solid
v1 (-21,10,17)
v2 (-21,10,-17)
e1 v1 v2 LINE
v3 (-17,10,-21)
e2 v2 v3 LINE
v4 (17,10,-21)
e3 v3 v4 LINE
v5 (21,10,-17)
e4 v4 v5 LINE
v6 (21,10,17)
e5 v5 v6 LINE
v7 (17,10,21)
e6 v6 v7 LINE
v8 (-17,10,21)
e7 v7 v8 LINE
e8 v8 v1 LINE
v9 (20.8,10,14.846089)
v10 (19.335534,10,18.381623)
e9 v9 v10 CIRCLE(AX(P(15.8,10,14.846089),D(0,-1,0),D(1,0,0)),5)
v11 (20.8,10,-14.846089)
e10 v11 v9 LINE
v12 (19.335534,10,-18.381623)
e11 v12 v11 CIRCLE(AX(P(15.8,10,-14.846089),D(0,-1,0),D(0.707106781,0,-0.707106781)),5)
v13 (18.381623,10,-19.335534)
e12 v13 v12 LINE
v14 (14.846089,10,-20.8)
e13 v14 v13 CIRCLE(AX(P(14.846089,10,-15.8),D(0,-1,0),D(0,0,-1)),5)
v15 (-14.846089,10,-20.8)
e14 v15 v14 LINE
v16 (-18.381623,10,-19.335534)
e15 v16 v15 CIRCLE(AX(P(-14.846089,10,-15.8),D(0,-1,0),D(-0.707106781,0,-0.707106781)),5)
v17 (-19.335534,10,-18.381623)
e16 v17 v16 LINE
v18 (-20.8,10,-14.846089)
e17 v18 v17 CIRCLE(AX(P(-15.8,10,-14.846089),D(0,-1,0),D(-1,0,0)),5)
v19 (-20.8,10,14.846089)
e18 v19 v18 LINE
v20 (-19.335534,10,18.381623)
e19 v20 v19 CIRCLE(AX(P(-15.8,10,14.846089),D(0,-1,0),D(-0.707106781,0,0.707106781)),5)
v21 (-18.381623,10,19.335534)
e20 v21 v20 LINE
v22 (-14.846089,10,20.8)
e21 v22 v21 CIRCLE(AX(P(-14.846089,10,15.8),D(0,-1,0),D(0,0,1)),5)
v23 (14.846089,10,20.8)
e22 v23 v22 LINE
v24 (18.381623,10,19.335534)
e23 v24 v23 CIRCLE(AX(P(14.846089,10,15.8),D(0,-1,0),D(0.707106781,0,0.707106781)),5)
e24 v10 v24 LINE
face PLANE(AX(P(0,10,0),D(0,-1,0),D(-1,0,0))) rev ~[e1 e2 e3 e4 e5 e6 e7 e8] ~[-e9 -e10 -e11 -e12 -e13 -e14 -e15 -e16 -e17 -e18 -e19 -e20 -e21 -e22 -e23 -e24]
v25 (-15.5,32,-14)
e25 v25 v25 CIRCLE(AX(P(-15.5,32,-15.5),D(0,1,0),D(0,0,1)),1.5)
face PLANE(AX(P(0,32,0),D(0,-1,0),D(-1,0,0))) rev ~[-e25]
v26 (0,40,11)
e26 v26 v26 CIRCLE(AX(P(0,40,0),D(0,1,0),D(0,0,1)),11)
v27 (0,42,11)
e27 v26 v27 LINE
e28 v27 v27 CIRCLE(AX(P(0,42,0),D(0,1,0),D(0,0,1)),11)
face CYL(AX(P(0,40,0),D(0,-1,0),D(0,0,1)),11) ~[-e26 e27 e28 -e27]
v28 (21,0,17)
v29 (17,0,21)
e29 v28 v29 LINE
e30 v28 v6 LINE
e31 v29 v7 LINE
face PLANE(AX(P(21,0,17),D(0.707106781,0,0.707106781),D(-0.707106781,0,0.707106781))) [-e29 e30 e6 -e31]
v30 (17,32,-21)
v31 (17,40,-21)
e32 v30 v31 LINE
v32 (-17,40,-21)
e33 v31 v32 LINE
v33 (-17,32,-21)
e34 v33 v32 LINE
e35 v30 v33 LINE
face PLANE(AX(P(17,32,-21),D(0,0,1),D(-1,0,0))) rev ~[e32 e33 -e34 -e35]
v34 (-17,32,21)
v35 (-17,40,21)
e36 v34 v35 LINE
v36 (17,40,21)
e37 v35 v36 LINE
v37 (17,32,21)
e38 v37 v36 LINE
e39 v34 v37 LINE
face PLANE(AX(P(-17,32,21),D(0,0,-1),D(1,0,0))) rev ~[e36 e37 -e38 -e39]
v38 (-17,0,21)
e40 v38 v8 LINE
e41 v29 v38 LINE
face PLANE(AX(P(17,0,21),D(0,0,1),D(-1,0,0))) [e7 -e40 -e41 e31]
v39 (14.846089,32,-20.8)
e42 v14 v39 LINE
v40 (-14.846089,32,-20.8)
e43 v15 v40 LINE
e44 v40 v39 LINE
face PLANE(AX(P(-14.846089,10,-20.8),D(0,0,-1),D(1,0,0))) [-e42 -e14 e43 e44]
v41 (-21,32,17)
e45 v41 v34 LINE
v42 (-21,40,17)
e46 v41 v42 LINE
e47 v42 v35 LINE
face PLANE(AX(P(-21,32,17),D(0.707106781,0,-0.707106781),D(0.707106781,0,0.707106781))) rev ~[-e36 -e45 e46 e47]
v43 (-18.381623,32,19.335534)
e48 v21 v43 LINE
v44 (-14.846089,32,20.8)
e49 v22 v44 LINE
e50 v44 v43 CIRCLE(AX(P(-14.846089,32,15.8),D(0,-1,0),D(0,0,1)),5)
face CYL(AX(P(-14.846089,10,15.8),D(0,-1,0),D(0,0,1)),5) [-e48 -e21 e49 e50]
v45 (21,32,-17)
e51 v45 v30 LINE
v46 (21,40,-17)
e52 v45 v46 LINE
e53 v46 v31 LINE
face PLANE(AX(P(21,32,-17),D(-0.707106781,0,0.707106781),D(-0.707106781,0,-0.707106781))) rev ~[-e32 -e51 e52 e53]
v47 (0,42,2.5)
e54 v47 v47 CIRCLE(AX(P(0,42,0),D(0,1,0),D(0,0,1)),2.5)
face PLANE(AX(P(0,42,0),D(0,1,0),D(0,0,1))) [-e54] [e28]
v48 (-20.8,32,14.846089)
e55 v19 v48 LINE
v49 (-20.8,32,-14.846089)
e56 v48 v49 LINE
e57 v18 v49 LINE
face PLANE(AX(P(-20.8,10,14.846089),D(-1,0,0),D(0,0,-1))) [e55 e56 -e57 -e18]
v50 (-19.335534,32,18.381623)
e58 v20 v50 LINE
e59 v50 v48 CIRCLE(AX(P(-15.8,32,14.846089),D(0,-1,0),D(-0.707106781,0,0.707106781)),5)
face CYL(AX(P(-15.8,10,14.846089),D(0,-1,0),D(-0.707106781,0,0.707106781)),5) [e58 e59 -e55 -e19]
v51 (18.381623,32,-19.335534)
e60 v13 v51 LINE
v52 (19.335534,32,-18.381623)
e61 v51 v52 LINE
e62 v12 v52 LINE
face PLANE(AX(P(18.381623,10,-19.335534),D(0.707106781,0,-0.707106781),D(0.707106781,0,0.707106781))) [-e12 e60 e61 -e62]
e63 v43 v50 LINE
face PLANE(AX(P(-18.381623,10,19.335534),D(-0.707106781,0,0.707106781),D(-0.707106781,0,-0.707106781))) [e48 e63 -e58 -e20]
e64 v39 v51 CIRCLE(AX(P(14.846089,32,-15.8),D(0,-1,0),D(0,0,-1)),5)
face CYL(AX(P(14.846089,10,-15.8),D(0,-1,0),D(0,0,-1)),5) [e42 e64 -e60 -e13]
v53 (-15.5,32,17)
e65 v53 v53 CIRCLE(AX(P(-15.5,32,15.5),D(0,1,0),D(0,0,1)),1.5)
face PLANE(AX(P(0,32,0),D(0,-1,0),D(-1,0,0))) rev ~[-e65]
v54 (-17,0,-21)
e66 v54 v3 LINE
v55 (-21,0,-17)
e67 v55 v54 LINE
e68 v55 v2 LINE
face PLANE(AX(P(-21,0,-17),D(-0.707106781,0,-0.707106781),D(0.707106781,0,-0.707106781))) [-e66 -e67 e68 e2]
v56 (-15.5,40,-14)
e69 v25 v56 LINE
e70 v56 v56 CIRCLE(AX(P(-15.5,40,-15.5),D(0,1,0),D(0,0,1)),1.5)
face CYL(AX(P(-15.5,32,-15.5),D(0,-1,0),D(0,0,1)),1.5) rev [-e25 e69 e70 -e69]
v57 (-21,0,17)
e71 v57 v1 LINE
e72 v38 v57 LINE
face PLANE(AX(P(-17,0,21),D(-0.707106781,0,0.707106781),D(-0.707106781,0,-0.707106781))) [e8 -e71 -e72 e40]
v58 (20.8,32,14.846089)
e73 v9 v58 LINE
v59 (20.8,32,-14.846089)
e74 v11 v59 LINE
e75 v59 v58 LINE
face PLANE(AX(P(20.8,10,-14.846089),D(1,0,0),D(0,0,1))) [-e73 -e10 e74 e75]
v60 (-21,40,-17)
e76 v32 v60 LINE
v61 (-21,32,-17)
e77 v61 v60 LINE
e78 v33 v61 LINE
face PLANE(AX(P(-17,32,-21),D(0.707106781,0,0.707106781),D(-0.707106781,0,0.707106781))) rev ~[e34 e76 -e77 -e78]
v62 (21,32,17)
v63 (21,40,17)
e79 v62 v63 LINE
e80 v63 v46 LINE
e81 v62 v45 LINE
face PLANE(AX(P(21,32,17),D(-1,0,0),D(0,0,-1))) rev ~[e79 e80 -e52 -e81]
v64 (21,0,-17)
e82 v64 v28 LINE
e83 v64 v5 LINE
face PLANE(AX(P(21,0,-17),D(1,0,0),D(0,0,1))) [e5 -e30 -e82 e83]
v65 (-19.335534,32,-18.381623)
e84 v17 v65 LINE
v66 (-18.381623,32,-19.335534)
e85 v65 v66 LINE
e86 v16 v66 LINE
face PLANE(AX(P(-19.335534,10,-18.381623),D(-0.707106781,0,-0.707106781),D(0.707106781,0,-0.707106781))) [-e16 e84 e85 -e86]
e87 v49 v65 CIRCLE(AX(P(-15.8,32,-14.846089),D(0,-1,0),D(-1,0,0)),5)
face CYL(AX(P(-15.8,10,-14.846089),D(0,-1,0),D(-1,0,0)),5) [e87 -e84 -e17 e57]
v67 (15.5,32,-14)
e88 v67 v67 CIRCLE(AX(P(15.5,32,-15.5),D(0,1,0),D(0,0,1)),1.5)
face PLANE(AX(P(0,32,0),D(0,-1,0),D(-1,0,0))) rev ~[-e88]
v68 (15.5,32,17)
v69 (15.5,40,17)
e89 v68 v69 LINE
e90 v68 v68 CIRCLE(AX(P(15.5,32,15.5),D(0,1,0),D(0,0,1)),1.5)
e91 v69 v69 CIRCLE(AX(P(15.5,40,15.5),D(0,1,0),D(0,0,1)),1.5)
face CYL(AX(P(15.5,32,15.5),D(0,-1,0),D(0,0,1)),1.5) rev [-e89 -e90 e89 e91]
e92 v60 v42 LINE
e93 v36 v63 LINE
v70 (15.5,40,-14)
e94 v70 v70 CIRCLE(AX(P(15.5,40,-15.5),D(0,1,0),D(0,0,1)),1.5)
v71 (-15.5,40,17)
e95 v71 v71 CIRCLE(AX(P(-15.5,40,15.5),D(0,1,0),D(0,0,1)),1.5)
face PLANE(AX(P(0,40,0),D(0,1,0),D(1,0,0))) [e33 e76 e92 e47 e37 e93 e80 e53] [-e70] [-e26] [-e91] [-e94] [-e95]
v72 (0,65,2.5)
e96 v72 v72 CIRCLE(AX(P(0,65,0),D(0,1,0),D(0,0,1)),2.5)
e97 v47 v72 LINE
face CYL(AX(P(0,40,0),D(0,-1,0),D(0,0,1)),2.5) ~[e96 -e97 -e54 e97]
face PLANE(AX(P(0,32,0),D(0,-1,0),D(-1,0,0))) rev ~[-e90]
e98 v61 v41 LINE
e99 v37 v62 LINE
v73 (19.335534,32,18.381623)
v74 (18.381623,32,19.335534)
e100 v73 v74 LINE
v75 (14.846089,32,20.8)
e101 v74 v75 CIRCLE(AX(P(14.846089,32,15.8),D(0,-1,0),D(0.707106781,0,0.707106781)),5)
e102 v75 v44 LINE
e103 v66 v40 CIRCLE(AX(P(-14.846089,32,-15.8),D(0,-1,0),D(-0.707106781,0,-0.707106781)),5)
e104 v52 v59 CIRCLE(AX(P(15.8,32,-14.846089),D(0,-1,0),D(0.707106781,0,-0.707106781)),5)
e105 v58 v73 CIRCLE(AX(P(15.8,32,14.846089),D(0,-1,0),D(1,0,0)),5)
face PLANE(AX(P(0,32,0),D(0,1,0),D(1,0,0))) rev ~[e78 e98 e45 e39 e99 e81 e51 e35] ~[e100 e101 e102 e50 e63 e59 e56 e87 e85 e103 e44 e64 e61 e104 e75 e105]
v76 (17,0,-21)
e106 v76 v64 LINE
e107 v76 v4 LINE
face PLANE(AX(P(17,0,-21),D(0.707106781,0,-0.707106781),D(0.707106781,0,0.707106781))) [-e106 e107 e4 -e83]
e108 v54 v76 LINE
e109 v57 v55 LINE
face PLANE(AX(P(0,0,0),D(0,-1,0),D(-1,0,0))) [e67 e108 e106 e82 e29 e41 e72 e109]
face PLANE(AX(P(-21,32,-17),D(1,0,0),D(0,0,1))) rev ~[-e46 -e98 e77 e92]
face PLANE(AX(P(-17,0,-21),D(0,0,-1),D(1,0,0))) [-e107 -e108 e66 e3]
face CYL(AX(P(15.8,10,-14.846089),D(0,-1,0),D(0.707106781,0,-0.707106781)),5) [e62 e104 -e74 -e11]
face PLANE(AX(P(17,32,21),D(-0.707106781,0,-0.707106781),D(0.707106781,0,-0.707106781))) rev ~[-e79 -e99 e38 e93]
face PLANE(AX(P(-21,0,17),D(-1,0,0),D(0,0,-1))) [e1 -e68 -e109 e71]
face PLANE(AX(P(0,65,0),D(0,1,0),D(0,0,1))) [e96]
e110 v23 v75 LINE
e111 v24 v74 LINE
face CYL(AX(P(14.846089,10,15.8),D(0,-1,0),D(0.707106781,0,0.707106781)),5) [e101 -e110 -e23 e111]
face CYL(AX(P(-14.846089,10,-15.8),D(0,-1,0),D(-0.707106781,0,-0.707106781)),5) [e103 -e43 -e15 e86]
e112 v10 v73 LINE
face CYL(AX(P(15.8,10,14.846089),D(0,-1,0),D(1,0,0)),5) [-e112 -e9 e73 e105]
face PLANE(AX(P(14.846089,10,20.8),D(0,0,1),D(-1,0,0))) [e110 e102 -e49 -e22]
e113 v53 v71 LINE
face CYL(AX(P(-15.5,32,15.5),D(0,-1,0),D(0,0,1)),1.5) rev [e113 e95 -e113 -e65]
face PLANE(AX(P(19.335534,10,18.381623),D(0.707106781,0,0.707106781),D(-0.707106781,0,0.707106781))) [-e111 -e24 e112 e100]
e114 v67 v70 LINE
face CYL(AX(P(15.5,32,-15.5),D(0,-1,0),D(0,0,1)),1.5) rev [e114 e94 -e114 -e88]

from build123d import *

# Parameters (mm, degrees)
BOSS_EXTRUDE1_DEPTH = 10
BOSS_EXTRUDE2_DEPTH = 22
SKETCH3_R           = 1.5
BOSS_EXTRUDE3_DEPTH = 8
SKETCH4_R           = 11
SKETCH4_R_2         = 2.5
BOSS_EXTRUDE4_DEPTH = 2
SKETCH6_R           = 2.5
BOSS_EXTRUDE5_DEPTH = 25


with BuildPart() as part:
    # Sketch1 → Boss-Extrude1 (new body)
    with BuildSketch(Plane(origin=(0, 0, 0), x_dir=(1, 0, 0), z_dir=(0, 1, 0))):
        Polygon((-21, 17), (-17, 21), (17, 21), (21, 17), (21, -17), (17, -21), (-17, -21), (-21, -17), align=None)
    extrude(amount=BOSS_EXTRUDE1_DEPTH)

    # Sketch2 → Boss-Extrude2 (add)
    with BuildSketch(Plane(origin=(0, 10, 0), x_dir=(1, 0, 0), z_dir=(0, 1, 0))):
        with BuildLine():
            Line((-19.335533906, 18.381623382), (-18.381623382, 19.335533906))
            ThreePointArc((-18.381623382, 19.335533906), (-16.759506637, 20.419397663), (-14.846089476, 20.8))
            Line((-14.846089476, 20.8), (14.846089476, 20.8))
            ThreePointArc((14.846089476, 20.8), (16.759506637, 20.419397663), (18.381623382, 19.335533906))
            Line((18.381623382, 19.335533906), (19.335533906, 18.381623382))
            ThreePointArc((19.335533906, 18.381623382), (20.419397663, 16.759506637), (20.8, 14.846089476))
            Line((20.8, 14.846089476), (20.8, -14.846089476))
            ThreePointArc((20.8, -14.846089476), (20.419397663, -16.759506637), (19.335533906, -18.381623382))
            Line((19.335533906, -18.381623382), (18.381623382, -19.335533906))
            ThreePointArc((18.381623382, -19.335533906), (16.759506637, -20.419397663), (14.846089476, -20.8))
            Line((14.846089476, -20.8), (-14.846089476, -20.8))
            ThreePointArc((-14.846089476, -20.8), (-16.759506637, -20.419397663), (-18.381623382, -19.335533906))
            Line((-18.381623382, -19.335533906), (-19.335533906, -18.381623382))
            ThreePointArc((-19.335533906, -18.381623382), (-20.419397663, -16.759506637), (-20.8, -14.846089476))
            Line((-20.8, -14.846089476), (-20.8, 14.846089476))
            ThreePointArc((-20.8, 14.846089476), (-20.419397663, 16.759506637), (-19.335533906, 18.381623382))
        make_face()
    extrude(amount=BOSS_EXTRUDE2_DEPTH)

    # Sketch3 → Boss-Extrude3 (add)
    # profile 1 of 2: a face of its own
    with BuildSketch(Plane(origin=(0, 32, 0), x_dir=(1, 0, 0), z_dir=(0, 1, 0))):
        Polygon((-17, 21), (-21, 17), (-21, -17), (-17, -21), (17, -21), (21, -17), (21, 17), (17, 21), align=None)
        with BuildLine():
            ThreePointArc((-14.846089476, 20.8), (-16.759506637, 20.419397663), (-18.381623382, 19.335533906))
            Line((-18.381623382, 19.335533906), (-19.335533906, 18.381623382))
            ThreePointArc((-19.335533906, 18.381623382), (-20.419397663, 16.759506637), (-20.8, 14.846089476))
            Line((-20.8, 14.846089476), (-20.8, -14.846089476))
            ThreePointArc((-20.8, -14.846089476), (-20.419397663, -16.759506637), (-19.335533906, -18.381623382))
            Line((-19.335533906, -18.381623382), (-18.381623382, -19.335533906))
            ThreePointArc((-18.381623382, -19.335533906), (-16.759506637, -20.419397663), (-14.846089476, -20.8))
            Line((-14.846089476, -20.8), (14.846089476, -20.8))
            ThreePointArc((14.846089476, -20.8), (16.759506637, -20.419397663), (18.381623382, -19.335533906))
            Line((18.381623382, -19.335533906), (19.335533906, -18.381623382))
            ThreePointArc((19.335533906, -18.381623382), (20.419397663, -16.759506637), (20.8, -14.846089476))
            Line((20.8, -14.846089476), (20.8, 14.846089476))
            ThreePointArc((20.8, 14.846089476), (20.419397663, 16.759506637), (19.335533906, 18.381623382))
            Line((19.335533906, 18.381623382), (18.381623382, 19.335533906))
            ThreePointArc((18.381623382, 19.335533906), (16.759506637, 20.419397663), (14.846089476, 20.8))
            Line((14.846089476, 20.8), (-14.846089476, 20.8))
        make_face(mode=Mode.SUBTRACT)
    # profile 2 of 2: a face of its own
    with BuildSketch(Plane(origin=(0, 32, 0), x_dir=(1, 0, 0), z_dir=(0, 1, 0))):
        with BuildLine():
            Line((14.846089476, 20.8), (-14.846089476, 20.8))
            ThreePointArc((-14.846089476, 20.8), (-16.759506637, 20.419397663), (-18.381623382, 19.335533906))
            Line((-18.381623382, 19.335533906), (-19.335533906, 18.381623382))
            ThreePointArc((-19.335533906, 18.381623382), (-20.419397663, 16.759506637), (-20.8, 14.846089476))
            Line((-20.8, 14.846089476), (-20.8, -14.846089476))
            ThreePointArc((-20.8, -14.846089476), (-20.419397663, -16.759506637), (-19.335533906, -18.381623382))
            Line((-19.335533906, -18.381623382), (-18.381623382, -19.335533906))
            ThreePointArc((-18.381623382, -19.335533906), (-16.759506637, -20.419397663), (-14.846089476, -20.8))
            Line((-14.846089476, -20.8), (14.846089476, -20.8))
            ThreePointArc((14.846089476, -20.8), (16.759506637, -20.419397663), (18.381623382, -19.335533906))
            Line((18.381623382, -19.335533906), (19.335533906, -18.381623382))
            ThreePointArc((19.335533906, -18.381623382), (20.419397663, -16.759506637), (20.8, -14.846089476))
            Line((20.8, -14.846089476), (20.8, 14.846089476))
            ThreePointArc((20.8, 14.846089476), (20.419397663, 16.759506637), (19.335533906, 18.381623382))
            Line((19.335533906, 18.381623382), (18.381623382, 19.335533906))
            ThreePointArc((18.381623382, 19.335533906), (16.759506637, 20.419397663), (14.846089476, 20.8))
        make_face()
        with Locations(Location((15.5, 15.5, 0), (0, 0, 270))):
            Circle(SKETCH3_R, mode=Mode.SUBTRACT)
        with Locations(Location((15.5, -15.5, 0), (0, 0, 270))):
            Circle(SKETCH3_R, mode=Mode.SUBTRACT)
        with Locations(Location((-15.5, 15.5, 0), (0, 0, 270))):
            Circle(SKETCH3_R, mode=Mode.SUBTRACT)
        with Locations(Location((-15.5, -15.5, 0), (0, 0, 270))):
            Circle(SKETCH3_R, mode=Mode.SUBTRACT)
    extrude(amount=BOSS_EXTRUDE3_DEPTH)

    # Sketch4 → Boss-Extrude4 (add)
    with BuildSketch(Plane(origin=(0, 40, 0), x_dir=(1, 0, 0), z_dir=(0, 1, 0))):
        with Locations(Location((0, 0, 0), (0, 0, 270))):
            Circle(SKETCH4_R)
        with Locations(Location((0, 0, 0), (0, 0, 270))):
            Circle(SKETCH4_R_2, mode=Mode.SUBTRACT)
    extrude(amount=BOSS_EXTRUDE4_DEPTH)

    # Sketch6 → Boss-Extrude5 (add)
    with BuildSketch(Plane(origin=(0, 40, 0), x_dir=(1, 0, 0), z_dir=(0, 1, 0))):
        with Locations(Location((0, 0, 0), (0, 0, 270))):
            Circle(SKETCH6_R)
    extrude(amount=BOSS_EXTRUDE5_DEPTH)


solid = part.part
